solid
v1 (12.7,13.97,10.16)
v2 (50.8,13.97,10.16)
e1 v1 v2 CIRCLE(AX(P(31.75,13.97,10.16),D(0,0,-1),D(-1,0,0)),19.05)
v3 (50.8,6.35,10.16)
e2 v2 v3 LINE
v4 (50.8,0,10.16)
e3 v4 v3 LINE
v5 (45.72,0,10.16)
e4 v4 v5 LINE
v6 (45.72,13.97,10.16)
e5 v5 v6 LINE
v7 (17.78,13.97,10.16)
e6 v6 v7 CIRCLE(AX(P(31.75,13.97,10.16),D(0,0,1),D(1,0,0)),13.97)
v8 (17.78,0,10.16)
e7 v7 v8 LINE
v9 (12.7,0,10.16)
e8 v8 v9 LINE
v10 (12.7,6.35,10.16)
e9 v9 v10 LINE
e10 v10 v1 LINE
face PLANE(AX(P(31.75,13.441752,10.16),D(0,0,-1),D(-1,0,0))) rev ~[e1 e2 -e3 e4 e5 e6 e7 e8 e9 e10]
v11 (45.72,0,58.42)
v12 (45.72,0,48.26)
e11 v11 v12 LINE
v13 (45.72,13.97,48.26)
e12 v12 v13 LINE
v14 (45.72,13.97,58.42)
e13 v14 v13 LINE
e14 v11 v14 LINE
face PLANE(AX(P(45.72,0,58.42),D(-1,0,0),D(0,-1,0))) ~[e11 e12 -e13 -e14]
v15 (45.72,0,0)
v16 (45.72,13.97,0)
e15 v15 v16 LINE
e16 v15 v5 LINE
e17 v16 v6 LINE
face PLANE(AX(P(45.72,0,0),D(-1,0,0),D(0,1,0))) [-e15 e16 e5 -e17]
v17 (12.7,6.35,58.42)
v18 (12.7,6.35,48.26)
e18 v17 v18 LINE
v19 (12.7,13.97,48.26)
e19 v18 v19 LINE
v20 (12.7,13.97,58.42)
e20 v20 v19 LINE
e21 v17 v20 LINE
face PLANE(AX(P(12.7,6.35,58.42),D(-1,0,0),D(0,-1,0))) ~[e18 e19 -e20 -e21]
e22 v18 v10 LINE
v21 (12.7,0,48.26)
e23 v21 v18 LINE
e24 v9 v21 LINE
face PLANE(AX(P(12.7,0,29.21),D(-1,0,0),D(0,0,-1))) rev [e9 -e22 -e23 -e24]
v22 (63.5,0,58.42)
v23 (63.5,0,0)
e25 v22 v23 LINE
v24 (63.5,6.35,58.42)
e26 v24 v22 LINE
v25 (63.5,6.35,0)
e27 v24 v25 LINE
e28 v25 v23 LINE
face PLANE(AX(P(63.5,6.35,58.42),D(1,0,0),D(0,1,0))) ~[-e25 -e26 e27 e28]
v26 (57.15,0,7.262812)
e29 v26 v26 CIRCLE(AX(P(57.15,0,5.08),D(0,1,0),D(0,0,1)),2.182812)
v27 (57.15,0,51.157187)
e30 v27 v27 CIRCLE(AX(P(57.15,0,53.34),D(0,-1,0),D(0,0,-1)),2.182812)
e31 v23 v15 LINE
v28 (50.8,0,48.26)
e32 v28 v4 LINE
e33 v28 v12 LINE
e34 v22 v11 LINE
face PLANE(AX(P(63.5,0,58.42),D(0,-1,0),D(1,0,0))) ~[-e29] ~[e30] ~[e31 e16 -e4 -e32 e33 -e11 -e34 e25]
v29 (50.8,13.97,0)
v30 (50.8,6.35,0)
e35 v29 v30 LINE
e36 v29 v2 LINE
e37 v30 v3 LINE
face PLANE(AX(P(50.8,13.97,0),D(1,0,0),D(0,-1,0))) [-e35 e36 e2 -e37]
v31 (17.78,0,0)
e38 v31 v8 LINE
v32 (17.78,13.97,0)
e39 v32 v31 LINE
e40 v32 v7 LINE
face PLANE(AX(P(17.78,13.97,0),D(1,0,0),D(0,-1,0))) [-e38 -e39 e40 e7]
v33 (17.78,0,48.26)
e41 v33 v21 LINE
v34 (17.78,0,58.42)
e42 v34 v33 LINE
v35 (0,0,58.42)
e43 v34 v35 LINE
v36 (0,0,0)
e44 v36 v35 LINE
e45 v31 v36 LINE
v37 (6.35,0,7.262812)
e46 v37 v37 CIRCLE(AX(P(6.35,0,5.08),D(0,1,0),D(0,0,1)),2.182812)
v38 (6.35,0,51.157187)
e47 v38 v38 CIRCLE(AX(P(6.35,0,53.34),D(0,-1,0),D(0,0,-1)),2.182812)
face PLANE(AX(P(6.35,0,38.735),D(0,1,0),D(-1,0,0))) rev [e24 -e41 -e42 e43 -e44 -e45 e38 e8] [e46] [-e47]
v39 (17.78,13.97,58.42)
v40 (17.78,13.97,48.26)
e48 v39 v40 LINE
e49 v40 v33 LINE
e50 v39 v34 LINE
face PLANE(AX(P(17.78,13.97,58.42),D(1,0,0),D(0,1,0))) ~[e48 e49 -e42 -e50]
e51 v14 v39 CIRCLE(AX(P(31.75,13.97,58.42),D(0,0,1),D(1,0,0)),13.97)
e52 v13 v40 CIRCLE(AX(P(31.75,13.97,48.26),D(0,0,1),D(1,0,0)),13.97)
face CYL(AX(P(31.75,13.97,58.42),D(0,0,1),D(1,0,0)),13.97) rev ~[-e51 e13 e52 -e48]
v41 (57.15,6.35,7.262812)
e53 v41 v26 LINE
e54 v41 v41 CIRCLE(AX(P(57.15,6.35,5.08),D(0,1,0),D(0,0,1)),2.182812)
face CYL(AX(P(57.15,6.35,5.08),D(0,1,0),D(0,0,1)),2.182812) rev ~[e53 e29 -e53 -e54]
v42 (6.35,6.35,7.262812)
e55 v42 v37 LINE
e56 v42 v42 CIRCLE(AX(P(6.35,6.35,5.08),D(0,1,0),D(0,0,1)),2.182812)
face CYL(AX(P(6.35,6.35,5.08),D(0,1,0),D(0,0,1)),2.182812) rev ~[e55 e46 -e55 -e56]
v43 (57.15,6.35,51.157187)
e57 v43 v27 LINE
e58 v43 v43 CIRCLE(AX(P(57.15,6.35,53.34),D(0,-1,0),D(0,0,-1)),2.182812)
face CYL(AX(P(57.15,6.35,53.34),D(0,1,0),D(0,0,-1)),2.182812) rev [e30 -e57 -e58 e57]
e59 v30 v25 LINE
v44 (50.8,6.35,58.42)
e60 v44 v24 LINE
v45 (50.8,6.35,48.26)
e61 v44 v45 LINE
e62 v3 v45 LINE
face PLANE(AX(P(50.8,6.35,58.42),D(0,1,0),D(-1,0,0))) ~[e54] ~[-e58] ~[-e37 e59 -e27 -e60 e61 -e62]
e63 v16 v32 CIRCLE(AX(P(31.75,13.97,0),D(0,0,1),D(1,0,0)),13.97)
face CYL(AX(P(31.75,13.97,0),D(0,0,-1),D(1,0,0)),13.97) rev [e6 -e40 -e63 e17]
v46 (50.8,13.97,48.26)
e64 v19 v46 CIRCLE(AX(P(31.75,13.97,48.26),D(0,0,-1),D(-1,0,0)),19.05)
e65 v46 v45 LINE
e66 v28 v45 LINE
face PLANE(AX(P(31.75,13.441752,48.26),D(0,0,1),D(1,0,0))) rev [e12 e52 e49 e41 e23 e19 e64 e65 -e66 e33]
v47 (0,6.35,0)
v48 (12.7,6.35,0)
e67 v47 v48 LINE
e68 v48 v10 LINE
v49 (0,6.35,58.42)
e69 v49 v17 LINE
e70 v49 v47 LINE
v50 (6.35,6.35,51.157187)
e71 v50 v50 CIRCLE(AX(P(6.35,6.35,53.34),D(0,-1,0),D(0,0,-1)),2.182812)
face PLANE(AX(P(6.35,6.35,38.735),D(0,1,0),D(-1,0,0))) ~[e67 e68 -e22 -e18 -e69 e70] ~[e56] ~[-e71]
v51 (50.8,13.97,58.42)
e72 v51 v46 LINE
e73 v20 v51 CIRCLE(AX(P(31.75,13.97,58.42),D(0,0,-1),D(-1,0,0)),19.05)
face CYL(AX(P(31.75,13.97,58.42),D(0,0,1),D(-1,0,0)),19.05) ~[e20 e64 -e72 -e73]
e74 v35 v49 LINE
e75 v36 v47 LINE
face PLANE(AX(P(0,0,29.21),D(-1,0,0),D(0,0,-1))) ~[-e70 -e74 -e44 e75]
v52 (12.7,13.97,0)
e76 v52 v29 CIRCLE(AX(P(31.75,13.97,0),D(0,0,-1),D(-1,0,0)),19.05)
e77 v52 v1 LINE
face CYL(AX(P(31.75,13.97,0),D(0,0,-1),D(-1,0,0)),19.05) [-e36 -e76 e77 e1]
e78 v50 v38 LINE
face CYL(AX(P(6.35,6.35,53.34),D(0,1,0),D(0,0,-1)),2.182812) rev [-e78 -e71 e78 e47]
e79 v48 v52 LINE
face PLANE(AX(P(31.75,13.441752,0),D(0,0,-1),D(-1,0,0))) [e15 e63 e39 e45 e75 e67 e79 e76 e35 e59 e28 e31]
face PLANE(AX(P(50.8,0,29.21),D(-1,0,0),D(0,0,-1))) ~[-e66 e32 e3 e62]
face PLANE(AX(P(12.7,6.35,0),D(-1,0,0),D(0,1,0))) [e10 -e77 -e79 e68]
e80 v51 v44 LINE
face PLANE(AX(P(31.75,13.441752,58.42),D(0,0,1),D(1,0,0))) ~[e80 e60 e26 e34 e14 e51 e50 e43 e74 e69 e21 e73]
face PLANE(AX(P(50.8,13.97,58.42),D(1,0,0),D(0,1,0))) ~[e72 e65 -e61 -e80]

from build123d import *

# Parameters (mm, degrees)
BOSS_EXTRUDE1_DEPTH = 10.16
SKETCH2_R           = 2.1828125
CUT_EXTRUDE1_DEPTH  = 7.62
SKETCH3_W           = 12.7
SKETCH3_H           = 19.05
BOSS_EXTRUDE2_DEPTH = 6.35


with BuildPart() as part:
    # Sketch1 → Boss-Extrude1 (new body)
    with BuildSketch(Plane.XY):
        with BuildLine():
            Line((0, 0), (0, 6.35))
            Line((0, 6.35), (12.7, 6.35))
            Line((12.7, 6.35), (12.7, 13.97))
            ThreePointArc((12.7, 13.97), (31.75, 33.02), (50.8, 13.97))
            Line((50.8, 13.97), (50.8, 6.35))
            Line((50.8, 6.35), (63.5, 6.35))
            Line((63.5, 6.35), (63.5, 0))
            Line((63.5, 0), (45.72, 0))
            Line((45.72, 0), (45.72, 13.97))
            ThreePointArc((45.72, 13.97), (31.75, 27.94), (17.78, 13.97))
            Line((17.78, 13.97), (17.78, 0))
            Line((17.78, 0), (0, 0))
        make_face()
    extrude(amount=BOSS_EXTRUDE1_DEPTH)

    # Sketch2 → Cut-Extrude1 (cut)
    with BuildSketch(Plane(origin=(0, 6.35, 0), x_dir=(1, 0, 0), z_dir=(0, 1, 0))):
        with Locations(Location((6.35, -5.08, 0), (0, 0, 270))):
            Circle(SKETCH2_R)
        with Locations(Location((57.15, -5.08, 0), (0, 0, 270))):
            Circle(SKETCH2_R)
    extrude(amount=-CUT_EXTRUDE1_DEPTH, mode=Mode.SUBTRACT)

    # Sketch3 → Boss-Extrude2 (add)
    with BuildSketch(Plane(origin=(0, 0, 0), x_dir=(1, 0, 0), z_dir=(0, 1, 0))):
        with Locations((6.35, -19.685)):
            Rectangle(SKETCH3_W, SKETCH3_H)
        with Locations((57.15, -19.685)):
            Rectangle(SKETCH3_W, SKETCH3_H)
    extrude(amount=BOSS_EXTRUDE2_DEPTH)

    # Mirror1: part across plane


with BuildPart() as part_1:
    add(part.part)
    add(part.part.mirror(Plane.XY.offset(29.21)))


solid = part_1.part
